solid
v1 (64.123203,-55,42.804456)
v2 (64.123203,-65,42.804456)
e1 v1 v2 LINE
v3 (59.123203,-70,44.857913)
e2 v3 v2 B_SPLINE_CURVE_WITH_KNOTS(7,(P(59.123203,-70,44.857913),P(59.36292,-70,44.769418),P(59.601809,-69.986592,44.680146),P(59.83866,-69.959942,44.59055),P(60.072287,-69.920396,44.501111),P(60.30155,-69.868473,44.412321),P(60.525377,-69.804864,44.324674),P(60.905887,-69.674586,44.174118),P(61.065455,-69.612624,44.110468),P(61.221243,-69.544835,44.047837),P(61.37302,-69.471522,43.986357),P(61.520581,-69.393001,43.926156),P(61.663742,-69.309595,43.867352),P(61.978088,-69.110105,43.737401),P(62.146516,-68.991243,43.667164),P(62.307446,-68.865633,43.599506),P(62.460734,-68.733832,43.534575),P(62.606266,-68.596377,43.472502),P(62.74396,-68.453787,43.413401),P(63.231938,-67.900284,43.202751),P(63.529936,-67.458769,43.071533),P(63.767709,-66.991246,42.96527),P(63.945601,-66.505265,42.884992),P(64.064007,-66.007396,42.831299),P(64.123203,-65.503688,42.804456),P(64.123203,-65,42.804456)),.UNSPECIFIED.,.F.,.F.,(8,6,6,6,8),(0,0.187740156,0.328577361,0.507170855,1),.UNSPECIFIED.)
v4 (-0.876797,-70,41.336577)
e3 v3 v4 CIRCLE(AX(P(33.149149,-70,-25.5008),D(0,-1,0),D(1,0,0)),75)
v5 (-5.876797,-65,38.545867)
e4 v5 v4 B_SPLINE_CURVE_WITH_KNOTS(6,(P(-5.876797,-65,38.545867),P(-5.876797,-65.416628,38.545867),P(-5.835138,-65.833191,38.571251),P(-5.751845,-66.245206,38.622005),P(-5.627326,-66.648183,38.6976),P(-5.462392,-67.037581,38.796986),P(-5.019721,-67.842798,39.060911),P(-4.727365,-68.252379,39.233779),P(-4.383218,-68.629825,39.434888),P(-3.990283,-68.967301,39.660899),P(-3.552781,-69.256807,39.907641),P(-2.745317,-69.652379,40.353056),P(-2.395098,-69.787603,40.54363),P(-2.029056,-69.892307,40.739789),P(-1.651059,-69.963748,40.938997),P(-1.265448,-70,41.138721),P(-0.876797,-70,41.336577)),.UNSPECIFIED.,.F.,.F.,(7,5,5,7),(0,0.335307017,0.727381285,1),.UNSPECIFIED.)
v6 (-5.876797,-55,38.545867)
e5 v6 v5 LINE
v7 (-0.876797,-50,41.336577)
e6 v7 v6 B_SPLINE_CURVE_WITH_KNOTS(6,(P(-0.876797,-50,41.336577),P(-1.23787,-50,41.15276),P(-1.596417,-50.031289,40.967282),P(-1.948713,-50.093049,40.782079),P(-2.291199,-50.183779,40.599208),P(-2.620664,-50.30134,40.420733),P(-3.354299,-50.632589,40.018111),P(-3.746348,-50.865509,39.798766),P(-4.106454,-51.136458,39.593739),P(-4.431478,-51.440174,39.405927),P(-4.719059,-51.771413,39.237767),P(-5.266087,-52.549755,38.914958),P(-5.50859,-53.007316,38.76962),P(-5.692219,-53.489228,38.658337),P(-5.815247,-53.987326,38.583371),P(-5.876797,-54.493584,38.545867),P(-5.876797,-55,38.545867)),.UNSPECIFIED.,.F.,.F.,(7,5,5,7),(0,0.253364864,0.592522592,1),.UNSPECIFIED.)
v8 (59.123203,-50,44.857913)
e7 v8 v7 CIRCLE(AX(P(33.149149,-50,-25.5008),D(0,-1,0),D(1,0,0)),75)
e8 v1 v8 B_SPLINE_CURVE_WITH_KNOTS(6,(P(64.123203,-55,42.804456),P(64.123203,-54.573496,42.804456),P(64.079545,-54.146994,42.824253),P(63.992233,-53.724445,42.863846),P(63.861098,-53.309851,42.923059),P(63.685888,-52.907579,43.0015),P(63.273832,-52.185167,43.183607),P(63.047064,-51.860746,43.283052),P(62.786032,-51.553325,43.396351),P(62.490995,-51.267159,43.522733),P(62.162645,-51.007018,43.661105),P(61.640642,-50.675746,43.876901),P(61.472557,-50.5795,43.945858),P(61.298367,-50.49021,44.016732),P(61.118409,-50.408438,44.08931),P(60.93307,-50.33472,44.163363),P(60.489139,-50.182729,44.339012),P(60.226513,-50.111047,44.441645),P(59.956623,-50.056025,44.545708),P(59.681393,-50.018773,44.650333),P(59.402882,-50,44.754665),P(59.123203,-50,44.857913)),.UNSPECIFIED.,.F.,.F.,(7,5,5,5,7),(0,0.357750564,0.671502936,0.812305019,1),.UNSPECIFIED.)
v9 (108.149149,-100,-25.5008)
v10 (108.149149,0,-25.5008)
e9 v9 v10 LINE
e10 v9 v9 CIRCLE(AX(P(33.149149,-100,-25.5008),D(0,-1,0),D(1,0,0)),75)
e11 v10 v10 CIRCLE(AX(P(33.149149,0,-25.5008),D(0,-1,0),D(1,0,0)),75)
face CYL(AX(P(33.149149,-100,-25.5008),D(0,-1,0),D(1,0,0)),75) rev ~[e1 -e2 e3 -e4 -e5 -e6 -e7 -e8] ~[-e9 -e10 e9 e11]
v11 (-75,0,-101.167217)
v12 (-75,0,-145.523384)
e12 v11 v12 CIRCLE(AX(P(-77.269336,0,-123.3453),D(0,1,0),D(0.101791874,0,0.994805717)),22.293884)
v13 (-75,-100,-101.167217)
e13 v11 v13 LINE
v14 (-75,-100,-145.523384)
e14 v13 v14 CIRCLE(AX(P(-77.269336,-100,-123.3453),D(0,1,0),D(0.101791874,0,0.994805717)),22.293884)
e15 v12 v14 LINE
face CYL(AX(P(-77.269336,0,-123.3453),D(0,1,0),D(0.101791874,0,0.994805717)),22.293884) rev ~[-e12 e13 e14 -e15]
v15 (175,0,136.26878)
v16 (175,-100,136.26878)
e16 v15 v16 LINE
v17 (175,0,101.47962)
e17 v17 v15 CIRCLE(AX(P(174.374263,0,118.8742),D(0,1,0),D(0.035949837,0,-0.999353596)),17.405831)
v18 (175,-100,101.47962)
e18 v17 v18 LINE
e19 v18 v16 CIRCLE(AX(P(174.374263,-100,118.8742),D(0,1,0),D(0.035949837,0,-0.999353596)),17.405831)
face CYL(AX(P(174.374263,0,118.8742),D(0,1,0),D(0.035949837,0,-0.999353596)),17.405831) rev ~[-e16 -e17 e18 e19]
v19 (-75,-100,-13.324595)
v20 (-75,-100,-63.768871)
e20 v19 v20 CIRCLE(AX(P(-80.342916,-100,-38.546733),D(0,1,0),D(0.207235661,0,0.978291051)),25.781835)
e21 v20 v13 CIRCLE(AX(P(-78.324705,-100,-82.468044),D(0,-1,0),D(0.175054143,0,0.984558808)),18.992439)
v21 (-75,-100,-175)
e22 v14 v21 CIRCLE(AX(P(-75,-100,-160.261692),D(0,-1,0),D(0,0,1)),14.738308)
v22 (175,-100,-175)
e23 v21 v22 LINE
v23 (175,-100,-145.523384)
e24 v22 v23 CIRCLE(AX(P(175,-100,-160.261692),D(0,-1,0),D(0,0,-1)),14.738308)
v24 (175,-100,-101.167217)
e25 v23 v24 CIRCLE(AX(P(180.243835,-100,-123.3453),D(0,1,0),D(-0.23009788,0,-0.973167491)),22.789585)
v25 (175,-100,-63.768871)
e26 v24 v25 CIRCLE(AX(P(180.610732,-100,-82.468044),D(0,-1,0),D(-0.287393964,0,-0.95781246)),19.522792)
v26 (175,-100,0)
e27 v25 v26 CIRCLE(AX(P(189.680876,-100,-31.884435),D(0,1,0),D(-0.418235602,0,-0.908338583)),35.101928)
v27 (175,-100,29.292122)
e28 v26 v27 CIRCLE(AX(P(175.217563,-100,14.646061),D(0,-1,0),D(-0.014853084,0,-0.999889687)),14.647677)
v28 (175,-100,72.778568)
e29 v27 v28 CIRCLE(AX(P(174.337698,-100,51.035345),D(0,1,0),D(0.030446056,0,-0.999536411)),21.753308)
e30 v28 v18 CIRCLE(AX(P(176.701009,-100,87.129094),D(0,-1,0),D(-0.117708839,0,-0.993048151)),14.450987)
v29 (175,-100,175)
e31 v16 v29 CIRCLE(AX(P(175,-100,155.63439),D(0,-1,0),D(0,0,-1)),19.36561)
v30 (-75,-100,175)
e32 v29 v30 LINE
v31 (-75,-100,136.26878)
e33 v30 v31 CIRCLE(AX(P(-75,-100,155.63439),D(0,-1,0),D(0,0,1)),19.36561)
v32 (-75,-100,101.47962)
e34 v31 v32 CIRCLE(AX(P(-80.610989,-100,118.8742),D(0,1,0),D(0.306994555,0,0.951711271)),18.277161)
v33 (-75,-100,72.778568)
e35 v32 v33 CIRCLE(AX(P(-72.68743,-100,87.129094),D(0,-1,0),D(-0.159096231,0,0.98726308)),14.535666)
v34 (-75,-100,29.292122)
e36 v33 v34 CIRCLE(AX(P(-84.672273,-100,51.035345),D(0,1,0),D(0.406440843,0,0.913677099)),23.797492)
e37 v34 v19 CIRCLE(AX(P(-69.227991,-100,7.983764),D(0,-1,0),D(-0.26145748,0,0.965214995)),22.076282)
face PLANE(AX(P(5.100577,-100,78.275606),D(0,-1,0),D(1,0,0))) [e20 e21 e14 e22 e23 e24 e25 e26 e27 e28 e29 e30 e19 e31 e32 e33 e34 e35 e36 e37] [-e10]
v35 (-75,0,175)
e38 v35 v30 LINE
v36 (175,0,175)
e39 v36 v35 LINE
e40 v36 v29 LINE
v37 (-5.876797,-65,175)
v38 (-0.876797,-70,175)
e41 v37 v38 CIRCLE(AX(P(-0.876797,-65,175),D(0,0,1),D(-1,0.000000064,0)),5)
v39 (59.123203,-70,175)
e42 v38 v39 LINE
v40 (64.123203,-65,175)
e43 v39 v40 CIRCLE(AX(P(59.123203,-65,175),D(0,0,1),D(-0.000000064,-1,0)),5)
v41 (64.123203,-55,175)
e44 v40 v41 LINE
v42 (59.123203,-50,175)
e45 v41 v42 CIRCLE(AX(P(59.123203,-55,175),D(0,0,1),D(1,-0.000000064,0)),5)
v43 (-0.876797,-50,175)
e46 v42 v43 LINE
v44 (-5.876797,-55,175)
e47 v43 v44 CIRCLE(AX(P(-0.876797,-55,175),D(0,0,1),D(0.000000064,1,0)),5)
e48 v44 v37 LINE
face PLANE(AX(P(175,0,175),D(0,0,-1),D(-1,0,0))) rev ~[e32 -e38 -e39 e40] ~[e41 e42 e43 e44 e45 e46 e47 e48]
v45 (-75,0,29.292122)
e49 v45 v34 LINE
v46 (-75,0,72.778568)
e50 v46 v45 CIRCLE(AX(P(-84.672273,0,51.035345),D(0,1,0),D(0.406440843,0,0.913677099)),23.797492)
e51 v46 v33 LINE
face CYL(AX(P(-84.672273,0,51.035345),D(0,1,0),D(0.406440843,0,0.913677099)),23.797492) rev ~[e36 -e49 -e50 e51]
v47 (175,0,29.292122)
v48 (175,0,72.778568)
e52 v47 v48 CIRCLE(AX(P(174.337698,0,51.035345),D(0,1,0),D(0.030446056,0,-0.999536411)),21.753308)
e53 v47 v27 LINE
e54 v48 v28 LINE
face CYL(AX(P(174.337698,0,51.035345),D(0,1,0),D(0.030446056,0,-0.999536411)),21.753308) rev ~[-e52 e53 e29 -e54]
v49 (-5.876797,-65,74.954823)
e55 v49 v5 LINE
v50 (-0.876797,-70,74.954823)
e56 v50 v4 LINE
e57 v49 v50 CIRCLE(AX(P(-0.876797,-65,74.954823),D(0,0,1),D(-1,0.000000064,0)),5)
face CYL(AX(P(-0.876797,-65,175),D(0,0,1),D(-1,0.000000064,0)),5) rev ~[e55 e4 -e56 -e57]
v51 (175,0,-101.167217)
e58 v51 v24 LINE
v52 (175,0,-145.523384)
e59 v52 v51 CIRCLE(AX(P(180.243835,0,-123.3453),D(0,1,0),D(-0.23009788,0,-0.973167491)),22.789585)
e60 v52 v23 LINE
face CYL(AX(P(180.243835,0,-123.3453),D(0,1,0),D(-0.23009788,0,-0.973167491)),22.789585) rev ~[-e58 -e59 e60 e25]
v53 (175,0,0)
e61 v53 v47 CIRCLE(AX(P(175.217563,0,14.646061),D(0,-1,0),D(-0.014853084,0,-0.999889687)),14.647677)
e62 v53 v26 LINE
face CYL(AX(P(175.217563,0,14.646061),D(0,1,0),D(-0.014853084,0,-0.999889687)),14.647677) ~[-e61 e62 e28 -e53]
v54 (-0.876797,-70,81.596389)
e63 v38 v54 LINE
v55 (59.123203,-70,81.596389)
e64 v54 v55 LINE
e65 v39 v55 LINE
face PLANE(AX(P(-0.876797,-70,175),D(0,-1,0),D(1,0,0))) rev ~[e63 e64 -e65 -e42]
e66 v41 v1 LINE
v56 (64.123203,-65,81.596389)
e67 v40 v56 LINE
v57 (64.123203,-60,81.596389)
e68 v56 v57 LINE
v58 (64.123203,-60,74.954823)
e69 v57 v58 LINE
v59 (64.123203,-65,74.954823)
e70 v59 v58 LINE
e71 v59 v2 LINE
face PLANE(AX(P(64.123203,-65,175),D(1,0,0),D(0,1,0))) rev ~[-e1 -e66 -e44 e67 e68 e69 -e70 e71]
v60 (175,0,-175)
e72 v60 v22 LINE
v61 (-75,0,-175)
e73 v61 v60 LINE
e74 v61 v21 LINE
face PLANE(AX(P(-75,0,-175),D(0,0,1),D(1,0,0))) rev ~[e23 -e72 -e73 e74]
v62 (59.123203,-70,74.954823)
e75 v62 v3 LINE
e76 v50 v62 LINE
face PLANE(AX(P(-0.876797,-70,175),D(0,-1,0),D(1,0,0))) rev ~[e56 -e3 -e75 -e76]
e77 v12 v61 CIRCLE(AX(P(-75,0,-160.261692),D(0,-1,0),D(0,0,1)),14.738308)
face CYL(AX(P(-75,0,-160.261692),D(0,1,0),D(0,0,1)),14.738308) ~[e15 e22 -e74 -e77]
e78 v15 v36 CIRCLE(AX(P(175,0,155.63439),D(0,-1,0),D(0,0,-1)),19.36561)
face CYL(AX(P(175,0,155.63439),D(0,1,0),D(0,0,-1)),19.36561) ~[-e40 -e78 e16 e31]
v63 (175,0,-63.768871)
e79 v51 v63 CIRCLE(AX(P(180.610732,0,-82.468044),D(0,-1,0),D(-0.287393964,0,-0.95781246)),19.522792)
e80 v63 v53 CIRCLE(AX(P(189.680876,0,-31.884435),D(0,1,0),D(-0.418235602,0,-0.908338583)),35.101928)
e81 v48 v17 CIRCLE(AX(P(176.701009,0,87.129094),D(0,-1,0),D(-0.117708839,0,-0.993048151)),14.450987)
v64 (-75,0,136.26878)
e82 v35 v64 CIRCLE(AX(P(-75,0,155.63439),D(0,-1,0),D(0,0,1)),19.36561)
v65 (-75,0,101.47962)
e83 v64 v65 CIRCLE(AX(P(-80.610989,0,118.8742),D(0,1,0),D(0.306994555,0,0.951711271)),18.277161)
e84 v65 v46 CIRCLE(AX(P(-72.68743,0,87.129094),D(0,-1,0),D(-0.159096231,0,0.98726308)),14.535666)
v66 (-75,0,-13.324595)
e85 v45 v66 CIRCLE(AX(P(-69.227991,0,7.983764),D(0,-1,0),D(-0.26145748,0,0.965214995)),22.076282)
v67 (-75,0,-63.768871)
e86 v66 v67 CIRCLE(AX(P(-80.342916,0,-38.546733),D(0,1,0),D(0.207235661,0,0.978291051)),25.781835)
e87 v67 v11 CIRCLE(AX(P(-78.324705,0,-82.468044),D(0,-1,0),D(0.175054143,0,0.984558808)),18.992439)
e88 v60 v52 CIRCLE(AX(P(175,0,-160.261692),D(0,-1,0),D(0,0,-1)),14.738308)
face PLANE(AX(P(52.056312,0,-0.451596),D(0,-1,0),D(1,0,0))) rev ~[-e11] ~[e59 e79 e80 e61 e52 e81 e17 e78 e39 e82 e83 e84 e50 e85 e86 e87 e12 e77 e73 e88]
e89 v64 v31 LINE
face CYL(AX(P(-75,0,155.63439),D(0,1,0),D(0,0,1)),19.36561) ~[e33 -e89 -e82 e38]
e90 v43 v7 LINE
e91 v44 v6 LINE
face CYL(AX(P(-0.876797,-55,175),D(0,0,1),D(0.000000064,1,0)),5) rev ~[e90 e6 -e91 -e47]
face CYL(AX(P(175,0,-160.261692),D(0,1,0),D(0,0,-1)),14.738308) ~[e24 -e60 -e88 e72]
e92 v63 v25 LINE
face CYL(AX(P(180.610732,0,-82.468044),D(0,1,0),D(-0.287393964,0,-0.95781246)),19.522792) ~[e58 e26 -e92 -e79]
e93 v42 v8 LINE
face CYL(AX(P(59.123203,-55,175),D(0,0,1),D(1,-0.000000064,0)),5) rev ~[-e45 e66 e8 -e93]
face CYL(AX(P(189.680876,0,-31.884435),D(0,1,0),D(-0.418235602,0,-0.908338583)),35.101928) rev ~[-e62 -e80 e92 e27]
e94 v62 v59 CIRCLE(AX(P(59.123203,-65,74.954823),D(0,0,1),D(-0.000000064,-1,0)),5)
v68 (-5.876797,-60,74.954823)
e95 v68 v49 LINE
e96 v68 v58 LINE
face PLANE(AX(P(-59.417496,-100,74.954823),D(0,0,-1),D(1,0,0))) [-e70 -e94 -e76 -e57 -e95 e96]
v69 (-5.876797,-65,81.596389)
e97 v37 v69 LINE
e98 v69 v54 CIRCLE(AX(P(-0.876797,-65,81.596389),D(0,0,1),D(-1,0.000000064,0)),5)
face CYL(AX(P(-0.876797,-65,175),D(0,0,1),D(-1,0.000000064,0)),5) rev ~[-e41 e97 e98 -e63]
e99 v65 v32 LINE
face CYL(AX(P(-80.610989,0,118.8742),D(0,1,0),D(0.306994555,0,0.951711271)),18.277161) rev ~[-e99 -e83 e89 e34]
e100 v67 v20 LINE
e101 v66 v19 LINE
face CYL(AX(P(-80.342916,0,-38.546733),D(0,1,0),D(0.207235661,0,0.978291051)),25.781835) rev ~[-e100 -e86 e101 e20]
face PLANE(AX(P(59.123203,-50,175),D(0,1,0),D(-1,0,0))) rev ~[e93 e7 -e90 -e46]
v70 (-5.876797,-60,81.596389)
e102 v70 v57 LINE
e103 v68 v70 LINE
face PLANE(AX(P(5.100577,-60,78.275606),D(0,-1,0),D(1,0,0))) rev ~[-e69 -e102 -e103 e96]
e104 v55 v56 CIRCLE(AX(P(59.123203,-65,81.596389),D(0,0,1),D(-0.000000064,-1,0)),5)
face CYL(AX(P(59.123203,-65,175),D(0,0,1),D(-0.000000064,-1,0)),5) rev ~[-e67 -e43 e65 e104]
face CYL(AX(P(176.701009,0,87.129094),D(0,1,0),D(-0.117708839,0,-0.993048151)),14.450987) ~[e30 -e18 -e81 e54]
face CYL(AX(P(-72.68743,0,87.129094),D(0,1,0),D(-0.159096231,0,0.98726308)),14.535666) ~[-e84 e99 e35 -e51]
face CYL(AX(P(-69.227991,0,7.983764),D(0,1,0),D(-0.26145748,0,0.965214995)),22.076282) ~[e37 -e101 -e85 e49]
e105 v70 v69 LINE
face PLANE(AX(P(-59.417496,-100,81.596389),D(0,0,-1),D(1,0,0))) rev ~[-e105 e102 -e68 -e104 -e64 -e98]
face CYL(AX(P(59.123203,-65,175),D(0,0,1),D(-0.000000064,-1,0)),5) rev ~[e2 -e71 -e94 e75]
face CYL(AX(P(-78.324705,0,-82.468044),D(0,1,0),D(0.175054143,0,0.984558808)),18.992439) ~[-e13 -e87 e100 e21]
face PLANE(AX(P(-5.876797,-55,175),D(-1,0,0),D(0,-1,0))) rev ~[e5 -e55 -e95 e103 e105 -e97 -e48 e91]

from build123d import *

# Parameters (mm, degrees)
F1_DEPTH = 100
F4_DEPTH = 145
F5_W     = 129.036147
F5_H     = 6.641566
F6_DEPTH = 40
F2_R     = 75
F7_DEPTH = 319


with BuildPart() as f1:
    # F0 (on Front) → F1 (new body)
    with BuildSketch(Plane.XZ):
        with BuildLine():
            Line((175, 175), (-75, 175))
            ThreePointArc((-75, 175), (-94.36561, 155.63439), (-75, 136.26878))
            ThreePointArc((-75, 136.26878), (-62.333828, 118.8742), (-75, 101.47962))
            ThreePointArc((-75, 101.47962), (-87.223096, 87.129094), (-75, 72.778568))
            ThreePointArc((-75, 72.778568), (-60.874781, 51.035345), (-75, 29.292122))
            ThreePointArc((-75, 29.292122), (-91.304273, 7.983763), (-75, -13.324595))
            ThreePointArc((-75, -13.324595), (-54.561081, -38.546733), (-75, -63.768871))
            ThreePointArc((-75, -63.768871), (-97.317144, -82.468044), (-75, -101.167217))
            ThreePointArc((-75, -101.167217), (-54.975452, -123.345301), (-75, -145.523384))
            ThreePointArc((-75, -145.523384), (-89.738308, -160.261692), (-75, -175))
            Line((-75, -175), (175, -175))
            ThreePointArc((175, -175), (189.738308, -160.261692), (175, -145.523384))
            ThreePointArc((175, -145.523384), (157.45425, -123.345301), (175, -101.167217))
            ThreePointArc((175, -101.167217), (200.133524, -82.468044), (175, -63.768871))
            ThreePointArc((175, -63.768871), (154.578948, -31.884436), (175, 0))
            ThreePointArc((175, 0), (189.86524, 14.646061), (175, 29.292122))
            ThreePointArc((175, 29.292122), (152.58439, 51.035345), (175, 72.778568))
            ThreePointArc((175, 72.778568), (191.151996, 87.129094), (175, 101.47962))
            ThreePointArc((175, 101.47962), (156.968432, 118.8742), (175, 136.26878))
            ThreePointArc((175, 136.26878), (194.36561, 155.63439), (175, 175))
        make_face()
    extrude(amount=F1_DEPTH)

    # F3 (on face) → F4 (cut)
    with BuildSketch(Plane.XY.offset(175)):
        with BuildLine():
            Line((59.123203, -50), (-0.876797, -50))
            ThreePointArc((-0.876797, -50), (-4.412331, -51.464466), (-5.876797, -55))
            Line((-5.876797, -55), (-5.876797, -65))
            ThreePointArc((-5.876797, -65), (-4.412331, -68.535534), (-0.876797, -70))
            Line((-0.876797, -70), (59.123203, -70))
            ThreePointArc((59.123203, -70), (62.658737, -68.535534), (64.123203, -65))
            Line((64.123203, -65), (64.123203, -55))
            ThreePointArc((64.123203, -55), (62.658737, -51.464466), (59.123203, -50))
        make_face()
    extrude(amount=-F4_DEPTH, mode=Mode.SUBTRACT)

    # F5 (on face) → F6 (join)
    with BuildSketch(Plane.XZ.offset(100)):
        with Locations((5.100577, 78.275606)):
            Rectangle(F5_W, F5_H)
    extrude(amount=-F6_DEPTH)

    # F2 (on face) → F7 (cut)
    with BuildSketch(Plane.XZ.offset(100)):
        with Locations((33.149149, -25.5008)):
            Circle(F2_R)
    extrude(amount=-F7_DEPTH, mode=Mode.SUBTRACT)


solid = f1.part
